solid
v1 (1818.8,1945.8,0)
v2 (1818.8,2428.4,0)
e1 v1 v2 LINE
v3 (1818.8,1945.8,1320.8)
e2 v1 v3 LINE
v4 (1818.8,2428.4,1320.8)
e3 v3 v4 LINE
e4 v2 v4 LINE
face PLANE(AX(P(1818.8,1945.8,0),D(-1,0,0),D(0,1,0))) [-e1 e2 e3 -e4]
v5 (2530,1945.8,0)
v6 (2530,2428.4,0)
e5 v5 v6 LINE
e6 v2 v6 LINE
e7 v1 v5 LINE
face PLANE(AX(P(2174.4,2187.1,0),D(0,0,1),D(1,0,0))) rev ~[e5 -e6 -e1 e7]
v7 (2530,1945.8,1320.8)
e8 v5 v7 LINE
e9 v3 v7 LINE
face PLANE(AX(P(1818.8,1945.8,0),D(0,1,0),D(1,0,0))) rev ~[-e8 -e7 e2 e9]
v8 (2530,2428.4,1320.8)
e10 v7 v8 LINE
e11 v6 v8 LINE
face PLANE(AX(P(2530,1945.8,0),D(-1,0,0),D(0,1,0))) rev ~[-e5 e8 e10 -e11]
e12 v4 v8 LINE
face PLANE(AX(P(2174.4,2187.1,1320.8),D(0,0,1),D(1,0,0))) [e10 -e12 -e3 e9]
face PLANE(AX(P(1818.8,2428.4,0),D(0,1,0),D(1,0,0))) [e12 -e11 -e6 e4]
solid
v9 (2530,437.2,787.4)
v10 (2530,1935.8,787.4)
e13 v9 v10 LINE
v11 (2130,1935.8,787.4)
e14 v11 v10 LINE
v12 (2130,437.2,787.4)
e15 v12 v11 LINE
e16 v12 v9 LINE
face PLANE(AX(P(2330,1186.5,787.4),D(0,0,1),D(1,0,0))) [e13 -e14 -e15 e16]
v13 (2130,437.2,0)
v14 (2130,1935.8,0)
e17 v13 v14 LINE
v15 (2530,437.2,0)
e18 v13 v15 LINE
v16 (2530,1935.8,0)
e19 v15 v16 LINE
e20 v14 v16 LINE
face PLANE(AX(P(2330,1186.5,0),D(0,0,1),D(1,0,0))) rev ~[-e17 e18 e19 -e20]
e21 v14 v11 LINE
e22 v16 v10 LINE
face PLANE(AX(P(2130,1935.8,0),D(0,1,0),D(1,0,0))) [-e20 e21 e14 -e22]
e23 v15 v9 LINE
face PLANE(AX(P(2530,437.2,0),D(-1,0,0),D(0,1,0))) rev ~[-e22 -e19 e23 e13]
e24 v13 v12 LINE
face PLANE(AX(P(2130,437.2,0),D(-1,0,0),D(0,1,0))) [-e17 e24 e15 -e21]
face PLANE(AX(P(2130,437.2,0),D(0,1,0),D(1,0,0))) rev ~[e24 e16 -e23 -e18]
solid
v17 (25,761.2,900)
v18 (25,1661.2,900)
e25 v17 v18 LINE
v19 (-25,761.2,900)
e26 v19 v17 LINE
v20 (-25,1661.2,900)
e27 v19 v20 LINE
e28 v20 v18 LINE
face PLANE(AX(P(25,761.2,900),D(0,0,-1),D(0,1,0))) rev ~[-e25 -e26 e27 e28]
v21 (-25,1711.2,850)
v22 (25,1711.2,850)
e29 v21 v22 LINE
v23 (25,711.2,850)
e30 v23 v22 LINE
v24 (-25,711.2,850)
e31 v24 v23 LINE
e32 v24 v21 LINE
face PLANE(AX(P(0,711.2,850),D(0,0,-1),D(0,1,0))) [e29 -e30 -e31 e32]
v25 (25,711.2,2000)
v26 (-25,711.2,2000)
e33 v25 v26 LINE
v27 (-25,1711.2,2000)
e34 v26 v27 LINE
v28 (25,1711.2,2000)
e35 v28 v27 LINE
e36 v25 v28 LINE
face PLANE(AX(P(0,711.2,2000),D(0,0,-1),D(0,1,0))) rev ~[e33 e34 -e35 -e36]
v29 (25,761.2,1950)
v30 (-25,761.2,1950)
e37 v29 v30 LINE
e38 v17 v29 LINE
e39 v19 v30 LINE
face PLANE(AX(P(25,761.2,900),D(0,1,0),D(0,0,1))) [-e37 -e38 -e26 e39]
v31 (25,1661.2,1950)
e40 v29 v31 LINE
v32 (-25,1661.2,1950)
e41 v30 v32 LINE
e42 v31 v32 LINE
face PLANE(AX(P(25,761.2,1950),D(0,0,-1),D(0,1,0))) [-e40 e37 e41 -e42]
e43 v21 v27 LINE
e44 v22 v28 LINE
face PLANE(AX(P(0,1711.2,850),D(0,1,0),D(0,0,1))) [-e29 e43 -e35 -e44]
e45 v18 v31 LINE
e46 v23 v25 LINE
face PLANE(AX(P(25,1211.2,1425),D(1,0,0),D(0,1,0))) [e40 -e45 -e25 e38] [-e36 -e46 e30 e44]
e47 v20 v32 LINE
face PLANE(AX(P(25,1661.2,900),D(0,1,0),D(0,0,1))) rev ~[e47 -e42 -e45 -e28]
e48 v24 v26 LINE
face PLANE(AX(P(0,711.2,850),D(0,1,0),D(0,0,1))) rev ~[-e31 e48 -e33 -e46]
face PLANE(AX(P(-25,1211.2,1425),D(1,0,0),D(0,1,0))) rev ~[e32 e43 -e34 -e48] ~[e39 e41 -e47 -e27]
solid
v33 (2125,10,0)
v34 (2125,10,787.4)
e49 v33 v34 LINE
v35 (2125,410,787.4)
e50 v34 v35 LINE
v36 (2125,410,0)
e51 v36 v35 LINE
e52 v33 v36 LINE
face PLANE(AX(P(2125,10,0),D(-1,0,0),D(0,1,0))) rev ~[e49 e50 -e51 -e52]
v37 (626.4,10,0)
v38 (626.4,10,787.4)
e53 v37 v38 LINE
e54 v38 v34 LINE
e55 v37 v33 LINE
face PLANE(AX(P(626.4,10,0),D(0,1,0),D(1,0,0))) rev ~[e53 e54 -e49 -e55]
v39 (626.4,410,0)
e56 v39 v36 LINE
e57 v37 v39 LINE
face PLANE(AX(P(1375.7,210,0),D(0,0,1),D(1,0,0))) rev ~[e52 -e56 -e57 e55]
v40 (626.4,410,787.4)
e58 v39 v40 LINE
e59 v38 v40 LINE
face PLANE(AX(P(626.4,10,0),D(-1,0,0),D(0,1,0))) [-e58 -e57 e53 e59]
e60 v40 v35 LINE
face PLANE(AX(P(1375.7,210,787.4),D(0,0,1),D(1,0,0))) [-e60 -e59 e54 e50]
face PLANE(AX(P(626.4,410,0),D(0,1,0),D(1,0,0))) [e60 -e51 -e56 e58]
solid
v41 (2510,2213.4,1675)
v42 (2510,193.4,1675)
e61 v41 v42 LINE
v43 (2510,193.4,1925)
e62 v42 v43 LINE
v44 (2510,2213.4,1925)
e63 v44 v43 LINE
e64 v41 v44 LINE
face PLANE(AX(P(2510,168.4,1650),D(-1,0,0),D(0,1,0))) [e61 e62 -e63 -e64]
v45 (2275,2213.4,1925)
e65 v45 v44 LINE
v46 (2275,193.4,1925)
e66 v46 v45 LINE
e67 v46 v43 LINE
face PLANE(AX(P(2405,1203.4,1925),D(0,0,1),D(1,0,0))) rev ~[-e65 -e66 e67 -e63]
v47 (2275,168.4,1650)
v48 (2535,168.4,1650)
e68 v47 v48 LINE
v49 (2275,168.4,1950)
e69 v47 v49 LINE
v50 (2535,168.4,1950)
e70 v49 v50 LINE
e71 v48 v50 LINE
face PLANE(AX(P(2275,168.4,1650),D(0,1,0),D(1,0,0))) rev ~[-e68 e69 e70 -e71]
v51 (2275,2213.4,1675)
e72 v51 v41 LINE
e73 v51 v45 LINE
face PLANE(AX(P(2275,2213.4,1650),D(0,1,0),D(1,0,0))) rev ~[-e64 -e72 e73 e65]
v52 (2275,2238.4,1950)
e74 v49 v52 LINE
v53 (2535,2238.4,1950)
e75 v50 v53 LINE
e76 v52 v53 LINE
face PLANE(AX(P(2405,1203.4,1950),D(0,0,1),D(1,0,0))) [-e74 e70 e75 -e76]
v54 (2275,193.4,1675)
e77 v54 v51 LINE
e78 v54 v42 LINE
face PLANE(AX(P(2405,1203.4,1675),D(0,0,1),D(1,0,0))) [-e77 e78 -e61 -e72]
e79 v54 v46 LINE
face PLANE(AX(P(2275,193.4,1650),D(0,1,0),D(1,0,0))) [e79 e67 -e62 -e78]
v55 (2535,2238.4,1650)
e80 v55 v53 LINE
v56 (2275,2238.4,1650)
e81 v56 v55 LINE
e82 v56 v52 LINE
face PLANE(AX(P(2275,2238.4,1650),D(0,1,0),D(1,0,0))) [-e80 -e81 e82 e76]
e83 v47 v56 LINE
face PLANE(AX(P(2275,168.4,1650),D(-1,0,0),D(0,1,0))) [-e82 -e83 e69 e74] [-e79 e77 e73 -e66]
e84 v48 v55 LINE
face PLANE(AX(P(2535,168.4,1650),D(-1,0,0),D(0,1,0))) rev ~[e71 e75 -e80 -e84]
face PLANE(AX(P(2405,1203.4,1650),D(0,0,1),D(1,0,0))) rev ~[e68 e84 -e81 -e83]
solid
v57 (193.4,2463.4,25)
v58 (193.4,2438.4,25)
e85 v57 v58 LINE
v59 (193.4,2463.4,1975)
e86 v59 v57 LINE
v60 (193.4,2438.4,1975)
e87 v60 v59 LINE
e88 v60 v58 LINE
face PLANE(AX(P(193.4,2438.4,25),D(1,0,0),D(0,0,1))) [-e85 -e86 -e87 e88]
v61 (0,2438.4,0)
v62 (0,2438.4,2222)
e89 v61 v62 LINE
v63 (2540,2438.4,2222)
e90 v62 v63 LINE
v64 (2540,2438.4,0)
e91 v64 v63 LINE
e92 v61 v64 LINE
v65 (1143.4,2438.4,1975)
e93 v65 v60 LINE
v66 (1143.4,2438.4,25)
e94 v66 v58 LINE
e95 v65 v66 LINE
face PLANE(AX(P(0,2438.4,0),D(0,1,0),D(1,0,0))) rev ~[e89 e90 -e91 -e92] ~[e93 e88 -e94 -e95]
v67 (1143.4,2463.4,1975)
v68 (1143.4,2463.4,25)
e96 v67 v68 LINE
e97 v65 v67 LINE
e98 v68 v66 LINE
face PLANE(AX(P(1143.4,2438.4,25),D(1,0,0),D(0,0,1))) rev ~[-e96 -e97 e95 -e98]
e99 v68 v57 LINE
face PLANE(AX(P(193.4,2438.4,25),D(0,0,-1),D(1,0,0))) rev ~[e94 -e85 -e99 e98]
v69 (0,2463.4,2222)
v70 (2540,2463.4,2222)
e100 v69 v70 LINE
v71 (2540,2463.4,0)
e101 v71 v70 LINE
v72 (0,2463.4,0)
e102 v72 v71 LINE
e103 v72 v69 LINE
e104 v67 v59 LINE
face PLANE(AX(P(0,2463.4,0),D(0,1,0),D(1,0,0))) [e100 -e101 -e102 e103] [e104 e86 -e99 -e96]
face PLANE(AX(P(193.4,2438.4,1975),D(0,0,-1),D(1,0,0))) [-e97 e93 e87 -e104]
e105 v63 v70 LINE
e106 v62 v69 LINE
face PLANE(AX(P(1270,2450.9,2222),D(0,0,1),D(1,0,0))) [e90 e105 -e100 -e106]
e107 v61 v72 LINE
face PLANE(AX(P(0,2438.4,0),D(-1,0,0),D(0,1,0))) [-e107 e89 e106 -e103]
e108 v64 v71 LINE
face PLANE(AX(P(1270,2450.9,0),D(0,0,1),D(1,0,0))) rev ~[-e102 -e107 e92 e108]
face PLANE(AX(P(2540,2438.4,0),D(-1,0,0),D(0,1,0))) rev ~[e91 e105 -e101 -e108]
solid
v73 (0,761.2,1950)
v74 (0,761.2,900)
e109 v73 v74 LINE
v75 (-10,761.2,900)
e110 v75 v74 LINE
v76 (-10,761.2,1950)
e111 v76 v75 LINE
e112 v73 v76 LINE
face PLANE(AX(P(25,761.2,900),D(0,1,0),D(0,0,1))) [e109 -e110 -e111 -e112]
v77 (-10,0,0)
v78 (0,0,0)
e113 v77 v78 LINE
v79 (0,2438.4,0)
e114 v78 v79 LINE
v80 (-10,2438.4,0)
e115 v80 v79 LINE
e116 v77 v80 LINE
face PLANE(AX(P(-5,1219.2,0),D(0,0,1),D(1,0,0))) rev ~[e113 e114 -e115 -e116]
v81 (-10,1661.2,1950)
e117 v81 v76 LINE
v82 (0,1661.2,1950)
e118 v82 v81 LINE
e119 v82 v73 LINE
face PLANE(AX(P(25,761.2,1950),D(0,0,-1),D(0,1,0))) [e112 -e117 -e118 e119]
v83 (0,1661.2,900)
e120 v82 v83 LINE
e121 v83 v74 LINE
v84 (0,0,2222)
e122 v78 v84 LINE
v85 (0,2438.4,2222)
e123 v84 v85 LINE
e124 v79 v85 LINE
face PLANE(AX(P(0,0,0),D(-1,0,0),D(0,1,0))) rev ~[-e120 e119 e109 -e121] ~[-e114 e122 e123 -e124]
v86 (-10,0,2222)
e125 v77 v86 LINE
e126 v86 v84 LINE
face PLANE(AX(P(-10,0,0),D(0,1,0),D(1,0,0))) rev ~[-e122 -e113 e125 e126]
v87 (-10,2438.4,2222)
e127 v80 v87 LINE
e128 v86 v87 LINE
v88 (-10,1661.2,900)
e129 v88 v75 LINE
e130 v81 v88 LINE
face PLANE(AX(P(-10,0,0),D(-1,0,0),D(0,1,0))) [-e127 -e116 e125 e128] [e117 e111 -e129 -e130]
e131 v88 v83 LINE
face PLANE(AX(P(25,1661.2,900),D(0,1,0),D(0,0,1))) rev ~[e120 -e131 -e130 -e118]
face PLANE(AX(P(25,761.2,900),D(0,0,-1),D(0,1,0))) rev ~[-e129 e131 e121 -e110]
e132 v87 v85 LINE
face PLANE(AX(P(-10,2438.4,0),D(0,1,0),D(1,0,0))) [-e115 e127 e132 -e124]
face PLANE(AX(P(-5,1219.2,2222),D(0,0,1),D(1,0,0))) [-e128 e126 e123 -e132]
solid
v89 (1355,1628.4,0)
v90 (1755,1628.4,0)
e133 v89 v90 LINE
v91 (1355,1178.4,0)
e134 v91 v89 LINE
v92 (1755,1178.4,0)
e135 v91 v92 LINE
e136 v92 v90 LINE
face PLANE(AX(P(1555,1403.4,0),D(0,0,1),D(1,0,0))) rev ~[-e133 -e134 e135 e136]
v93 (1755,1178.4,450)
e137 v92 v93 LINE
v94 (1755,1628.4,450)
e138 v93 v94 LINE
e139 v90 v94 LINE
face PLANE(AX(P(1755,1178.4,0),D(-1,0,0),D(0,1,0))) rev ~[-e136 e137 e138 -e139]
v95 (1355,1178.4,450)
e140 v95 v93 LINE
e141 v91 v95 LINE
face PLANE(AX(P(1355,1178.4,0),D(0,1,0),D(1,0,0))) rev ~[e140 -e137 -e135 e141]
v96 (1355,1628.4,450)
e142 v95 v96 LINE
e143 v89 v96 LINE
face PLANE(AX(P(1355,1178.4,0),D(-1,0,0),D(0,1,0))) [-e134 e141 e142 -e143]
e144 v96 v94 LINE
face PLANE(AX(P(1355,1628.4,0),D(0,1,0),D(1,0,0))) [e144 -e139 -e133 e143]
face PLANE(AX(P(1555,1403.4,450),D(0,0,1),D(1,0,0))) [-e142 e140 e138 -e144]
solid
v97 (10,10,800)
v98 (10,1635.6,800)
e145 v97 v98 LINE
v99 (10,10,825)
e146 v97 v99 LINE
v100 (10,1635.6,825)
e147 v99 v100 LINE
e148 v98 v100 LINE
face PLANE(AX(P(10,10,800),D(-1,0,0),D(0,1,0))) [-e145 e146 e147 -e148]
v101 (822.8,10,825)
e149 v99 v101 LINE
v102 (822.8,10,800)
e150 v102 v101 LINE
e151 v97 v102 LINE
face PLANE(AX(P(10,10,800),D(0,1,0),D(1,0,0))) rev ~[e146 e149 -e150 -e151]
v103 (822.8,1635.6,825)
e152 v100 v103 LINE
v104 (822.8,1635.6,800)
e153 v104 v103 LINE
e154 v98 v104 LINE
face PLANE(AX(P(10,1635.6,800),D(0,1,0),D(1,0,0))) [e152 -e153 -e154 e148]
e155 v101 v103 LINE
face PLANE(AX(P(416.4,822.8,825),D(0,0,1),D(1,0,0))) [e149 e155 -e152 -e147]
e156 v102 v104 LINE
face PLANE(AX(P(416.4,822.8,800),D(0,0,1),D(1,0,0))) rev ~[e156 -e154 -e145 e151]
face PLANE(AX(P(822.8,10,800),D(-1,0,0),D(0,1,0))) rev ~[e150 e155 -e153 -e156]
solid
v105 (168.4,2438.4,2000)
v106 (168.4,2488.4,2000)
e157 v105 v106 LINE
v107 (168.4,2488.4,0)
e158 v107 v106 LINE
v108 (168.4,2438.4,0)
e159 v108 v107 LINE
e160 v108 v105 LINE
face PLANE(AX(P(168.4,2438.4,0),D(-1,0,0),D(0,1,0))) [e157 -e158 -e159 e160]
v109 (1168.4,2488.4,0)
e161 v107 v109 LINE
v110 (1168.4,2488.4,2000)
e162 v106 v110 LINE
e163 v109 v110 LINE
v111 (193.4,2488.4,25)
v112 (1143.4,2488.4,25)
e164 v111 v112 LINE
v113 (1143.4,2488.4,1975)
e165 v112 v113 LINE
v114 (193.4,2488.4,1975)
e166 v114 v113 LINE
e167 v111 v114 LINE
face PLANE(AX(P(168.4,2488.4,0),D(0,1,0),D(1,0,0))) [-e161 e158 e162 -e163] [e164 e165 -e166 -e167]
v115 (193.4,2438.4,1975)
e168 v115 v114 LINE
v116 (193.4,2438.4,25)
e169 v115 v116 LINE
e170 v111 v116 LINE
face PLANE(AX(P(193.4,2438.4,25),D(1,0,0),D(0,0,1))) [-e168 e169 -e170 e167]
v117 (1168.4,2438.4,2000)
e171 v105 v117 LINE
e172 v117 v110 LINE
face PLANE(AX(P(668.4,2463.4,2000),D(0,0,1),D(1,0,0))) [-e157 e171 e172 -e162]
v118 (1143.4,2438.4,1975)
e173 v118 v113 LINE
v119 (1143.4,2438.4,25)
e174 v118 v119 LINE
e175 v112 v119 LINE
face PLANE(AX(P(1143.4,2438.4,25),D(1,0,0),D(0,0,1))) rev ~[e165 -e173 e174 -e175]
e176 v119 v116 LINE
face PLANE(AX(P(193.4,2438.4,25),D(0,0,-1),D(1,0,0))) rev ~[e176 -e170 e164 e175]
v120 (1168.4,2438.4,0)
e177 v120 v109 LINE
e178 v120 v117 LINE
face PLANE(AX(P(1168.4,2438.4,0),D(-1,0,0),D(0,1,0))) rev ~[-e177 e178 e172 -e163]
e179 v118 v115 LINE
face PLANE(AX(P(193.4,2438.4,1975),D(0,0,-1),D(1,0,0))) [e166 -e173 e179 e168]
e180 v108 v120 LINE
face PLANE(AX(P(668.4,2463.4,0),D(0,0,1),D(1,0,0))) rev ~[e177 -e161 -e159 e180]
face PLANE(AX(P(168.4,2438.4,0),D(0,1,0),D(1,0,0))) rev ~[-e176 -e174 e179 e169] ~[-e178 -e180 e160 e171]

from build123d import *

# Parameters (mm, degrees)
F3_W      = 400
F3_H      = 1498.6
F4_DEPTH  = 787.4
F2_W      = 711.2
F2_H      = 482.6
F5_DEPTH  = 1320.8
F6_W      = 1498.6
F6_H      = 400
F7_DEPTH  = 787.4
F8_W      = 812.8
F8_H      = 1625.6
F9_DEPTH  = 25
F11_W     = 260
F11_H     = 2070
F12_DEPTH = 300
F13_T     = -25
F14_W     = 10
F14_H     = 2438.4
F15_DEPTH = 2222
F16_W     = 1000
F16_H     = 1150
F17_DEPTH = 25
F18_W     = 900
F18_H     = 1050
F19_DEPTH = 50
F20_W     = 2540
F20_H     = 25
F21_DEPTH = 2222
F22_W     = 1000
F22_H     = 50
F23_DEPTH = 2000
F24_W     = 950
F24_H     = 1950
F25_DEPTH = 50
F26_W     = 400
F26_H     = 450
F27_DEPTH = 450


with BuildPart() as f4:
    # F3 (on Top) → F4 (new body)
    with BuildSketch(Plane.XY):
        with Locations((2330, 1186.5)):
            Rectangle(F3_W, F3_H)
    extrude(amount=F4_DEPTH)


with BuildPart() as f5:
    # F2 (on Top) → F5 (new body)
    with BuildSketch(Plane.XY):
        with Locations((2174.4, 2187.1)):
            Rectangle(F2_W, F2_H)
    extrude(amount=F5_DEPTH)


with BuildPart() as f7:
    # F6 (on face) → F7 (new body)
    with BuildSketch(Plane.XY):
        with Locations((1375.7, 210)):
            Rectangle(F6_W, F6_H)
    extrude(amount=F7_DEPTH)


with BuildPart() as f9:
    # F8 (on offset) → F9 (new body)
    with BuildSketch(Plane.XY.offset(800)):
        with Locations((416.4, 822.8)):
            Rectangle(F8_W, F8_H)
    extrude(amount=F9_DEPTH)


with BuildPart() as f12:
    # F11 (on offset) → F12 (new body)
    with BuildSketch(Plane.XY.offset(1650)):
        with Locations((2405, 1203.4)):
            Rectangle(F11_W, F11_H)
    extrude(amount=F12_DEPTH)

    # F13
    f13_openings = [f12.faces().sort_by_distance(p)[0] for p in [
        (2275, 1203.4, 1800),
    ]]
    offset(amount=F13_T, openings=f13_openings)


with BuildPart() as f15:
    # F14 (on Top) → F15 (new body)
    with BuildSketch(Plane.XY):
        with Locations((-5, 1219.2)):
            Rectangle(F14_W, F14_H)
    extrude(amount=F15_DEPTH)


with BuildPart() as f17:
    # F16 (on Right) → F17 (new body, symmetric)
    with BuildSketch(Plane.YZ):
        with Locations((1211.2, 1425)):
            Rectangle(F16_W, F16_H)
    extrude(amount=F17_DEPTH, both=True)


with BuildPart() as f19_tool:
    # F18 (on face) → F19 (new body, symmetric)
    with BuildSketch(Plane.YZ.offset(25)):
        with Locations((1211.2, 1425)):
            Rectangle(F18_W, F18_H)
    extrude(amount=F19_DEPTH, both=True)


with BuildPart() as f15_1:
    add(f15.part)

    # F19: cut by f19_tool
    add(f19_tool.part, mode=Mode.SUBTRACT)

    # F20 (on Top) → F21 (join)
    with BuildSketch(Plane.XY):
        with Locations((1270, 2450.9)):
            Rectangle(F20_W, F20_H)
    extrude(amount=F21_DEPTH)


with BuildPart() as f17_1:
    add(f17.part)

    # F19: cut by f19_tool
    add(f19_tool.part, mode=Mode.SUBTRACT)


with BuildPart() as f23:
    # F22 (on face) → F23 (new body)
    with BuildSketch(Plane.XY):
        with Locations((668.4, 2463.4)):
            Rectangle(F22_W, F22_H)
    extrude(amount=F23_DEPTH)


with BuildPart() as f25_tool:
    # F24 (on face) → F25 (new body, symmetric)
    with BuildSketch(Plane.XZ.offset(-2438.4)):
        with Locations((668.4, 1000)):
            Rectangle(F24_W, F24_H)
    extrude(amount=F25_DEPTH, both=True)


with BuildPart() as f15_2:
    add(f15_1.part)

    # F25: cut by f25_tool
    add(f25_tool.part, mode=Mode.SUBTRACT)


with BuildPart() as f23_1:
    add(f23.part)

    # F25: cut by f25_tool
    add(f25_tool.part, mode=Mode.SUBTRACT)


with BuildPart() as f27:
    # F26 (on face) → F27 (new body)
    with BuildSketch(Plane.XY):
        with Locations((1555, 1403.4)):
            Rectangle(F26_W, F26_H)
    extrude(amount=F27_DEPTH)


solid = Compound([f4.part, f5.part, f7.part, f9.part, f12.part, f17_1.part, f15_2.part, f23_1.part, f27.part])
